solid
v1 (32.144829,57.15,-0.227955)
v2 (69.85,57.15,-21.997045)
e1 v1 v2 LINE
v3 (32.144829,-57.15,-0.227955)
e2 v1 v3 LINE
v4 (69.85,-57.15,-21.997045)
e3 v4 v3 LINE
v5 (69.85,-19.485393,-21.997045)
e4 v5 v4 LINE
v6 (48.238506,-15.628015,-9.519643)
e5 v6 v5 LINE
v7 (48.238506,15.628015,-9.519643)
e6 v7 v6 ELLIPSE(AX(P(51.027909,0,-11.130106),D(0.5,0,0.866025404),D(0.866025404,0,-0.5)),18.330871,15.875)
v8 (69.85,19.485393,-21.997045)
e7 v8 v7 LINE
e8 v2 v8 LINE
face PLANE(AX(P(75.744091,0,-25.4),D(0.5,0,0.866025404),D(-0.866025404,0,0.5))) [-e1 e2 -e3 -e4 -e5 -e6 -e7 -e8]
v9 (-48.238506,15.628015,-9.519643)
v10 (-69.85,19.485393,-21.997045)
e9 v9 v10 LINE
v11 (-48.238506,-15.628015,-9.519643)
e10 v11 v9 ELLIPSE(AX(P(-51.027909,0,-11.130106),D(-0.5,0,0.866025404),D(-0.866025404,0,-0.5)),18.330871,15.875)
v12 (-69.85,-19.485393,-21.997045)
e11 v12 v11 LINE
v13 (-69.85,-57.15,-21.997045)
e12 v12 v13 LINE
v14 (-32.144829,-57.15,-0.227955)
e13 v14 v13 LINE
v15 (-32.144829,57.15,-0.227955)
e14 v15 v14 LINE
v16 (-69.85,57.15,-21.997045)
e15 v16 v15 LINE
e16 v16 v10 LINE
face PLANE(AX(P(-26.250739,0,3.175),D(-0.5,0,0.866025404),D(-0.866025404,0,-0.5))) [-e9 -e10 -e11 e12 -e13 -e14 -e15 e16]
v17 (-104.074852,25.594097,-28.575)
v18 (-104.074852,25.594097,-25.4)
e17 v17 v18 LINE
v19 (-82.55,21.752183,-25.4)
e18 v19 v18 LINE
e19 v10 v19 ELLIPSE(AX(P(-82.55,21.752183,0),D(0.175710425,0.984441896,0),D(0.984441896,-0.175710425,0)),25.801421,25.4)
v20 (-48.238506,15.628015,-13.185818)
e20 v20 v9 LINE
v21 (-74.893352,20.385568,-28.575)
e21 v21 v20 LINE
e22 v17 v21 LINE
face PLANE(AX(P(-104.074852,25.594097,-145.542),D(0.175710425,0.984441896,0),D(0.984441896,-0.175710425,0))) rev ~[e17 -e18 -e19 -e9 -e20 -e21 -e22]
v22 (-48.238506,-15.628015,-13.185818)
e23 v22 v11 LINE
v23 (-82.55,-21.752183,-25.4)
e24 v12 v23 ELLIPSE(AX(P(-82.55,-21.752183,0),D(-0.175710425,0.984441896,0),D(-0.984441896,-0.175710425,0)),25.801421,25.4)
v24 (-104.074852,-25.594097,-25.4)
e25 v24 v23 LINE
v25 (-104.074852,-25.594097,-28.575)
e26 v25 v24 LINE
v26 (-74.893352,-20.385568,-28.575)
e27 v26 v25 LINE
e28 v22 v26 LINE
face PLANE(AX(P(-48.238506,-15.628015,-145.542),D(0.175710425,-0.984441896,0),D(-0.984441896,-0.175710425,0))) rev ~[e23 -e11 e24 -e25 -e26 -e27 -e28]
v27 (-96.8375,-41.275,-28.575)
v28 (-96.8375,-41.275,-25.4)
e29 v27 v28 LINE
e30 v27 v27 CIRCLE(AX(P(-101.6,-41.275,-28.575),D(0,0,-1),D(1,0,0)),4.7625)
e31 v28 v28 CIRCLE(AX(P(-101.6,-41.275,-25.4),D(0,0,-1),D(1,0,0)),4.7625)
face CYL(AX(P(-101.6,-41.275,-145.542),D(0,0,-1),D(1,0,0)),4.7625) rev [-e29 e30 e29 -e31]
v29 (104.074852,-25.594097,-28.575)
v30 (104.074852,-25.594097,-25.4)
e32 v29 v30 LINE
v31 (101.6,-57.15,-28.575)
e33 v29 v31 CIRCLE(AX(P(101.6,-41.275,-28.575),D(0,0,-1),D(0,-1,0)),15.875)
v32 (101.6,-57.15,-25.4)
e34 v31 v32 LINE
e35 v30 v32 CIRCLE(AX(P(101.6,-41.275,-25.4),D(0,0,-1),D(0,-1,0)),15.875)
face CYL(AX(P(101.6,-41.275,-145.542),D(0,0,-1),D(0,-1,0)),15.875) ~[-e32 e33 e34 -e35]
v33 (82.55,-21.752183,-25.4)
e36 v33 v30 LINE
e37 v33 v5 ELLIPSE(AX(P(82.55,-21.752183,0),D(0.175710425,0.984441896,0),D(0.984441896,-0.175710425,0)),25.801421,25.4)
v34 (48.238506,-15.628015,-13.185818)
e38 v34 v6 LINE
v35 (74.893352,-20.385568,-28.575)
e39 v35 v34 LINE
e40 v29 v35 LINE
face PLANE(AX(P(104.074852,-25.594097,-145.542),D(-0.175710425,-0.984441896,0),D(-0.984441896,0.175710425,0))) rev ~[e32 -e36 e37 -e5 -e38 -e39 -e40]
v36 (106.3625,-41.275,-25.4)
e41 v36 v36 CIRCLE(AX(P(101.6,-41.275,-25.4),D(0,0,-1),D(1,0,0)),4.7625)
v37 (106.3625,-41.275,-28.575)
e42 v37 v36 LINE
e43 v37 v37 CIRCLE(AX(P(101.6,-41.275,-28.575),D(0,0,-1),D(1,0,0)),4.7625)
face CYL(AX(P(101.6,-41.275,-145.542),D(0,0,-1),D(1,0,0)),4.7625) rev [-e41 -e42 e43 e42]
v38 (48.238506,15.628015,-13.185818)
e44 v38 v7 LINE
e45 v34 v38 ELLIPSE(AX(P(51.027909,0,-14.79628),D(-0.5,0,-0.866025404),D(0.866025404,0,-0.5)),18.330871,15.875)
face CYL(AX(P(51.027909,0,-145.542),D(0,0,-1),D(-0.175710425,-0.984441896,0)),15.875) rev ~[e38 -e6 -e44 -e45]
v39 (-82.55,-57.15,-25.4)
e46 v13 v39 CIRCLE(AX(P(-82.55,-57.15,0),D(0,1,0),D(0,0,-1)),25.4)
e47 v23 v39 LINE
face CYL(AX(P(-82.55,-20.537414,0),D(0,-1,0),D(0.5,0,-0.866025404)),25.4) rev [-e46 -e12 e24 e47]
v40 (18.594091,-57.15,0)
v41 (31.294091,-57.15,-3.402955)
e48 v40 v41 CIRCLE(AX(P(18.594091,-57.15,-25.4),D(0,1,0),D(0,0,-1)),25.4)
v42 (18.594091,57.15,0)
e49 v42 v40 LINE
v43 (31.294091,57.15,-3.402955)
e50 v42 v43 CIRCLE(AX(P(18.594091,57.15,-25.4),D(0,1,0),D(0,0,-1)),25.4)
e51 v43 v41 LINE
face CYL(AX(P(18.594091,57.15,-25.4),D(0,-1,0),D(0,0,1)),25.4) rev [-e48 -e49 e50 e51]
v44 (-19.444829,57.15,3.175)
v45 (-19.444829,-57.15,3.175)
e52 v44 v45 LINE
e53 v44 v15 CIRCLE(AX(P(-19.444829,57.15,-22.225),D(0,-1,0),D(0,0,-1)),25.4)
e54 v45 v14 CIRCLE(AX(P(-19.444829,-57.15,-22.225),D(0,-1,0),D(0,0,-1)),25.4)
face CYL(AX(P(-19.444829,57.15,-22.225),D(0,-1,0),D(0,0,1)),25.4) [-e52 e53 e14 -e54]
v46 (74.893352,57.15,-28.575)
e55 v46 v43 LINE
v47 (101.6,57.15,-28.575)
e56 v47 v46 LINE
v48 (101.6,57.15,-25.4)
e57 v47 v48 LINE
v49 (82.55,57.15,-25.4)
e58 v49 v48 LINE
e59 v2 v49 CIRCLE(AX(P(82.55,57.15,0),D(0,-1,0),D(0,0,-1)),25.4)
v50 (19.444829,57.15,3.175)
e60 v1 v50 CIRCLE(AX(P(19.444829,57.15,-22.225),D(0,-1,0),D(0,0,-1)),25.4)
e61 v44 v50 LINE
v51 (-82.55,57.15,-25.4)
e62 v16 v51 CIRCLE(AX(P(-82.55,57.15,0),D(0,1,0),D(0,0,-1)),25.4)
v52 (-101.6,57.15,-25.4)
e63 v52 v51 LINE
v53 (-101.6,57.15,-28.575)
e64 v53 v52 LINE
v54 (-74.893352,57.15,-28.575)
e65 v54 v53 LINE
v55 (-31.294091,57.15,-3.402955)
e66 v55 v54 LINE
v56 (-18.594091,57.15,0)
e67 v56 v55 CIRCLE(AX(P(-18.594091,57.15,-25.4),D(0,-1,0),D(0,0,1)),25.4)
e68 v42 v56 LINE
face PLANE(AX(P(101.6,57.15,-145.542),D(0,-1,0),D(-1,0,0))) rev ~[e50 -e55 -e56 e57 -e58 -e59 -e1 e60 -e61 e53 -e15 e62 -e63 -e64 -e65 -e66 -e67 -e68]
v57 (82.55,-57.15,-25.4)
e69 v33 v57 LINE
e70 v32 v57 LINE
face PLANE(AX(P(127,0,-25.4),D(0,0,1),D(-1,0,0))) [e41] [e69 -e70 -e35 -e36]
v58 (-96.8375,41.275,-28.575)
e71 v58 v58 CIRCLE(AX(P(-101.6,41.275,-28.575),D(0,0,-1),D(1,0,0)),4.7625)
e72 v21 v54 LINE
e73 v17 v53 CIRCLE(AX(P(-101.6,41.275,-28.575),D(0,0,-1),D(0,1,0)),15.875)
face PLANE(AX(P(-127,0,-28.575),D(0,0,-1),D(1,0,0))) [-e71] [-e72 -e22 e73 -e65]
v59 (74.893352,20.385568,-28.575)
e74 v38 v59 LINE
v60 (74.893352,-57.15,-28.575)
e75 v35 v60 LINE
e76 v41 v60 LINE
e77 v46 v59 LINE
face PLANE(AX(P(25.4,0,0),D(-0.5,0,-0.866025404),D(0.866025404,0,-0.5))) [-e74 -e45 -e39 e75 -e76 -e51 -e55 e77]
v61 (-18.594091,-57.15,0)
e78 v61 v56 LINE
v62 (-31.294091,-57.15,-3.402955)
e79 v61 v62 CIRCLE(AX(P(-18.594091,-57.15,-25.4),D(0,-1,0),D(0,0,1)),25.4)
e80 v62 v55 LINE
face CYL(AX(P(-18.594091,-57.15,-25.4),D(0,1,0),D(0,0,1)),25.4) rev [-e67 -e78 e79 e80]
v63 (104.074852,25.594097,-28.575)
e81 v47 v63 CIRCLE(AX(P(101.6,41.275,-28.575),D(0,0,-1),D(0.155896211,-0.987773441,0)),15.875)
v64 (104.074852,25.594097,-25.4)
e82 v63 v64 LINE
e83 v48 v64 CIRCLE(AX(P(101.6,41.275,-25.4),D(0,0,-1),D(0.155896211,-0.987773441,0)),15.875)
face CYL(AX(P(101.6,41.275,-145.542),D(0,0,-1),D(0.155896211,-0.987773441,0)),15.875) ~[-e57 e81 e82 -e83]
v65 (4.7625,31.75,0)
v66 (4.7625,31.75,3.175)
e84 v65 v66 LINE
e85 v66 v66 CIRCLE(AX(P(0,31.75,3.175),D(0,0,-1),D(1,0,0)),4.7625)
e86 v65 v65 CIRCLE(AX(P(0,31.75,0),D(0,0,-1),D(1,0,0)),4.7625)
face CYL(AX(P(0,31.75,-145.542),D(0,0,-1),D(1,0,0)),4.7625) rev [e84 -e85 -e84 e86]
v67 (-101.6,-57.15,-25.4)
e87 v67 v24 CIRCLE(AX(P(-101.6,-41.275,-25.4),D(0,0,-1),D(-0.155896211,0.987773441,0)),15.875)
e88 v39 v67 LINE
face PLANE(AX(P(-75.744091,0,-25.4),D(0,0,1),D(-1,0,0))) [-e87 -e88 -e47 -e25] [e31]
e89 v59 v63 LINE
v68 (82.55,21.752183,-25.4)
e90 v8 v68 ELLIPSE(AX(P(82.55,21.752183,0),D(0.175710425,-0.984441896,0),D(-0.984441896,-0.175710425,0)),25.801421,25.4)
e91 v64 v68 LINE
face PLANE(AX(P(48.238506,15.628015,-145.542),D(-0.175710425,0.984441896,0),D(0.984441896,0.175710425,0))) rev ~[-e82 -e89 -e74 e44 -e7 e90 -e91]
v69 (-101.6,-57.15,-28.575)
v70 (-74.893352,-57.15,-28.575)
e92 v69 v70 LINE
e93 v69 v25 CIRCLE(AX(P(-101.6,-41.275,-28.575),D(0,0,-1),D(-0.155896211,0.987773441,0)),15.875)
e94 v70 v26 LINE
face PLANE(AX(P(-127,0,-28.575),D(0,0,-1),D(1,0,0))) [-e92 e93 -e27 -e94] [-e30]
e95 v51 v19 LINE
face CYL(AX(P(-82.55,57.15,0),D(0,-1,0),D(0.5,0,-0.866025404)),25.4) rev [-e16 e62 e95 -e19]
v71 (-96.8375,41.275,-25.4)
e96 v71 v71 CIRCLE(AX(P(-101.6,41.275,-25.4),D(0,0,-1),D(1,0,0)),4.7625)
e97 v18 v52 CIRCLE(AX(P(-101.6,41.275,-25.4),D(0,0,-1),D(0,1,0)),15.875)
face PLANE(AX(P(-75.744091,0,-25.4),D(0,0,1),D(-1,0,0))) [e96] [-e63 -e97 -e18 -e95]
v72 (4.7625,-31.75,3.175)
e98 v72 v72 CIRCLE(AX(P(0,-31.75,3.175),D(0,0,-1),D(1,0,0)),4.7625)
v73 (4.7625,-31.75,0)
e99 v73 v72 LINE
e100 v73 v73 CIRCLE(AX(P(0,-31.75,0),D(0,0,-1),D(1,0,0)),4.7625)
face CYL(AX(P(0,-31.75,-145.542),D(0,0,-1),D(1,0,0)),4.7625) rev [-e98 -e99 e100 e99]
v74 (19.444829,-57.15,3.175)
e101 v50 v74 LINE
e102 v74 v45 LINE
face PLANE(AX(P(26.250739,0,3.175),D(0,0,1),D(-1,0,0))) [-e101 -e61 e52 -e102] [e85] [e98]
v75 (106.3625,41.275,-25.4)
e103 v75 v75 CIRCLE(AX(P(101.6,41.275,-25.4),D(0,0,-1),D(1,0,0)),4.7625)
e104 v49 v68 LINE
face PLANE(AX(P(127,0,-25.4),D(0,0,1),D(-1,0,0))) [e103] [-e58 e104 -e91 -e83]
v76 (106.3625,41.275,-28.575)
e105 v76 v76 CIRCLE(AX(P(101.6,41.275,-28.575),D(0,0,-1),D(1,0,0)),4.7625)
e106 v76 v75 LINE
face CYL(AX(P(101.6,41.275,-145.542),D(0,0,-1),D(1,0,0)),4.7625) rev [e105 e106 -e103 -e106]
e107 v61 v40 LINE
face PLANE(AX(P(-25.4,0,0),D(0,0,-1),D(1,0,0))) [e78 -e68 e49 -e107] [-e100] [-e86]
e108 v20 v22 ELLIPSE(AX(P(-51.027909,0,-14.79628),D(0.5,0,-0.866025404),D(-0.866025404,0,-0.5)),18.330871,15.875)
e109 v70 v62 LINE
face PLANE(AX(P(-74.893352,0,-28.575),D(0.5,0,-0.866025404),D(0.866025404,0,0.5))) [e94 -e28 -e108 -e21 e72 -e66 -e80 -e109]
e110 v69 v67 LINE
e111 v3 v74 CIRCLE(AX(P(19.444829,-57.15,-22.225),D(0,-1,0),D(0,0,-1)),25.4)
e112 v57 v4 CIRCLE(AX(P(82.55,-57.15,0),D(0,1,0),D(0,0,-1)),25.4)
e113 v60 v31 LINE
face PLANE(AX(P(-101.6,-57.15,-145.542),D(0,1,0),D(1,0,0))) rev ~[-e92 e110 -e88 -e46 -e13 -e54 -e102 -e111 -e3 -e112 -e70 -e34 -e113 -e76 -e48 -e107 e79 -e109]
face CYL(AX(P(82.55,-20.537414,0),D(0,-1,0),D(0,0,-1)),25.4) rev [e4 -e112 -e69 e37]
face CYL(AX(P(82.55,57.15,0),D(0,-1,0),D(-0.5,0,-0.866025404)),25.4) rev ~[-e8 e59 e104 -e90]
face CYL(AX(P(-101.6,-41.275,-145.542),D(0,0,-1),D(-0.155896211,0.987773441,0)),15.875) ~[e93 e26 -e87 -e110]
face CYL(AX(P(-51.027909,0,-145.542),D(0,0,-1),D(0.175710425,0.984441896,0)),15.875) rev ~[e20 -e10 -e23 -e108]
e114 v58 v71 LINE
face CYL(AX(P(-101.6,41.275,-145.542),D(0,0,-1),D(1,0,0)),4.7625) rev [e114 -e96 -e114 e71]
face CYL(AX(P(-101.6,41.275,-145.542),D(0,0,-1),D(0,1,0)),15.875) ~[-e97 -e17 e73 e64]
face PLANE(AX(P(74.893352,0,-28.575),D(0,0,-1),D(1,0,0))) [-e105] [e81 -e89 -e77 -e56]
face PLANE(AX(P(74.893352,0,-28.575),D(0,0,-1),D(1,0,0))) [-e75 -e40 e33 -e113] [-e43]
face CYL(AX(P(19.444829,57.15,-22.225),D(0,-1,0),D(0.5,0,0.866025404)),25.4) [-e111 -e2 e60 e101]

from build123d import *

# Parameters (mm, degrees)
F1_DEPTH      = 63.5
F1_DEPTH_BACK = 74.676
F3_START      = -145.542
F2_R          = 4.7625
F3_DEPTH      = 250.19
F4_R          = 25.4


with BuildPart() as f1:
    # F0 (on Front) → F1 (new body, two sides)
    with BuildSketch(Plane.XZ) as f1_sk:
        Polygon((-25.4, 0), (0, 0), (25.4, 0), (74.8933518263, -28.575), (127, -28.575), (127, -25.4), (75.7440905122, -25.4), (26.250738686, 3.175), (0, 3.175), (-26.250738686, 3.175), (-75.7440905122, -25.4), (-127, -25.4), (-127, -28.575), (-74.8933518263, -28.575), align=None)
    extrude(amount=F1_DEPTH)
    extrude(f1_sk.sketch, amount=-F1_DEPTH_BACK)

    # F2 (on Top) → F3 (intersect)
    with BuildSketch(Plane.XY.offset(F3_START)):
        with BuildLine():
            ThreePointArc((-104.0748523501, -25.594096619), (-117.4264014573, -42.5162259718), (-101.6, -57.15))
            Line((-101.6, -57.15), (0, -57.15))
            Line((0, -57.15), (101.6, -57.15))
            ThreePointArc((101.6, -57.15), (117.4264014573, -42.5162259718), (104.0748523501, -25.594096619))
            Line((104.0748523501, -25.594096619), (48.2385059171, -15.6280150973))
            ThreePointArc((48.2385059171, -15.6280150973), (35.1529089212, 0), (48.2385059171, 15.6280150973))
            Line((48.2385059171, 15.6280150973), (104.0748523501, 25.594096619))
            ThreePointArc((104.0748523501, 25.594096619), (117.4264014573, 42.5162259718), (101.6, 57.15))
            Line((101.6, 57.15), (0, 57.15))
            Line((0, 57.15), (-101.6, 57.15))
            ThreePointArc((-101.6, 57.15), (-117.4264014573, 42.5162259718), (-104.0748523501, 25.594096619))
            Line((-104.0748523501, 25.594096619), (-48.2385059171, 15.6280150973))
            ThreePointArc((-48.2385059171, 15.6280150973), (-35.1529089212, 0), (-48.2385059171, -15.6280150973))
            Line((-48.2385059171, -15.6280150973), (-104.0748523501, -25.594096619))
        make_face()
        with Locations((-101.6, -41.275)):
            Circle(F2_R, mode=Mode.SUBTRACT)
        with Locations((0, -31.75)):
            Circle(F2_R, mode=Mode.SUBTRACT)
        with Locations((101.6, -41.275)):
            Circle(F2_R, mode=Mode.SUBTRACT)
        with Locations((-101.6, 41.275)):
            Circle(F2_R, mode=Mode.SUBTRACT)
        with Locations((0, 31.75)):
            Circle(F2_R, mode=Mode.SUBTRACT)
        with Locations((101.6, 41.275)):
            Circle(F2_R, mode=Mode.SUBTRACT)
    extrude(amount=F3_DEPTH, mode=Mode.INTERSECT)

    # F4
    f4_edges = [f1.edges().sort_by_distance(p)[0] for p in [
        (-75.744091, -38.843707, -25.4),
        (-75.744091, 38.843707, -25.4),
        (-26.250739, 0, 3.175),
        (26.250739, 0, 3.175),
        (75.744091, -38.843707, -25.4),
        (75.744091, 38.843707, -25.4),
        (-25.4, 0, 0),
        (25.4, 0, 0),
    ]]
    fillet(f4_edges, radius=F4_R)


solid = f1.part
